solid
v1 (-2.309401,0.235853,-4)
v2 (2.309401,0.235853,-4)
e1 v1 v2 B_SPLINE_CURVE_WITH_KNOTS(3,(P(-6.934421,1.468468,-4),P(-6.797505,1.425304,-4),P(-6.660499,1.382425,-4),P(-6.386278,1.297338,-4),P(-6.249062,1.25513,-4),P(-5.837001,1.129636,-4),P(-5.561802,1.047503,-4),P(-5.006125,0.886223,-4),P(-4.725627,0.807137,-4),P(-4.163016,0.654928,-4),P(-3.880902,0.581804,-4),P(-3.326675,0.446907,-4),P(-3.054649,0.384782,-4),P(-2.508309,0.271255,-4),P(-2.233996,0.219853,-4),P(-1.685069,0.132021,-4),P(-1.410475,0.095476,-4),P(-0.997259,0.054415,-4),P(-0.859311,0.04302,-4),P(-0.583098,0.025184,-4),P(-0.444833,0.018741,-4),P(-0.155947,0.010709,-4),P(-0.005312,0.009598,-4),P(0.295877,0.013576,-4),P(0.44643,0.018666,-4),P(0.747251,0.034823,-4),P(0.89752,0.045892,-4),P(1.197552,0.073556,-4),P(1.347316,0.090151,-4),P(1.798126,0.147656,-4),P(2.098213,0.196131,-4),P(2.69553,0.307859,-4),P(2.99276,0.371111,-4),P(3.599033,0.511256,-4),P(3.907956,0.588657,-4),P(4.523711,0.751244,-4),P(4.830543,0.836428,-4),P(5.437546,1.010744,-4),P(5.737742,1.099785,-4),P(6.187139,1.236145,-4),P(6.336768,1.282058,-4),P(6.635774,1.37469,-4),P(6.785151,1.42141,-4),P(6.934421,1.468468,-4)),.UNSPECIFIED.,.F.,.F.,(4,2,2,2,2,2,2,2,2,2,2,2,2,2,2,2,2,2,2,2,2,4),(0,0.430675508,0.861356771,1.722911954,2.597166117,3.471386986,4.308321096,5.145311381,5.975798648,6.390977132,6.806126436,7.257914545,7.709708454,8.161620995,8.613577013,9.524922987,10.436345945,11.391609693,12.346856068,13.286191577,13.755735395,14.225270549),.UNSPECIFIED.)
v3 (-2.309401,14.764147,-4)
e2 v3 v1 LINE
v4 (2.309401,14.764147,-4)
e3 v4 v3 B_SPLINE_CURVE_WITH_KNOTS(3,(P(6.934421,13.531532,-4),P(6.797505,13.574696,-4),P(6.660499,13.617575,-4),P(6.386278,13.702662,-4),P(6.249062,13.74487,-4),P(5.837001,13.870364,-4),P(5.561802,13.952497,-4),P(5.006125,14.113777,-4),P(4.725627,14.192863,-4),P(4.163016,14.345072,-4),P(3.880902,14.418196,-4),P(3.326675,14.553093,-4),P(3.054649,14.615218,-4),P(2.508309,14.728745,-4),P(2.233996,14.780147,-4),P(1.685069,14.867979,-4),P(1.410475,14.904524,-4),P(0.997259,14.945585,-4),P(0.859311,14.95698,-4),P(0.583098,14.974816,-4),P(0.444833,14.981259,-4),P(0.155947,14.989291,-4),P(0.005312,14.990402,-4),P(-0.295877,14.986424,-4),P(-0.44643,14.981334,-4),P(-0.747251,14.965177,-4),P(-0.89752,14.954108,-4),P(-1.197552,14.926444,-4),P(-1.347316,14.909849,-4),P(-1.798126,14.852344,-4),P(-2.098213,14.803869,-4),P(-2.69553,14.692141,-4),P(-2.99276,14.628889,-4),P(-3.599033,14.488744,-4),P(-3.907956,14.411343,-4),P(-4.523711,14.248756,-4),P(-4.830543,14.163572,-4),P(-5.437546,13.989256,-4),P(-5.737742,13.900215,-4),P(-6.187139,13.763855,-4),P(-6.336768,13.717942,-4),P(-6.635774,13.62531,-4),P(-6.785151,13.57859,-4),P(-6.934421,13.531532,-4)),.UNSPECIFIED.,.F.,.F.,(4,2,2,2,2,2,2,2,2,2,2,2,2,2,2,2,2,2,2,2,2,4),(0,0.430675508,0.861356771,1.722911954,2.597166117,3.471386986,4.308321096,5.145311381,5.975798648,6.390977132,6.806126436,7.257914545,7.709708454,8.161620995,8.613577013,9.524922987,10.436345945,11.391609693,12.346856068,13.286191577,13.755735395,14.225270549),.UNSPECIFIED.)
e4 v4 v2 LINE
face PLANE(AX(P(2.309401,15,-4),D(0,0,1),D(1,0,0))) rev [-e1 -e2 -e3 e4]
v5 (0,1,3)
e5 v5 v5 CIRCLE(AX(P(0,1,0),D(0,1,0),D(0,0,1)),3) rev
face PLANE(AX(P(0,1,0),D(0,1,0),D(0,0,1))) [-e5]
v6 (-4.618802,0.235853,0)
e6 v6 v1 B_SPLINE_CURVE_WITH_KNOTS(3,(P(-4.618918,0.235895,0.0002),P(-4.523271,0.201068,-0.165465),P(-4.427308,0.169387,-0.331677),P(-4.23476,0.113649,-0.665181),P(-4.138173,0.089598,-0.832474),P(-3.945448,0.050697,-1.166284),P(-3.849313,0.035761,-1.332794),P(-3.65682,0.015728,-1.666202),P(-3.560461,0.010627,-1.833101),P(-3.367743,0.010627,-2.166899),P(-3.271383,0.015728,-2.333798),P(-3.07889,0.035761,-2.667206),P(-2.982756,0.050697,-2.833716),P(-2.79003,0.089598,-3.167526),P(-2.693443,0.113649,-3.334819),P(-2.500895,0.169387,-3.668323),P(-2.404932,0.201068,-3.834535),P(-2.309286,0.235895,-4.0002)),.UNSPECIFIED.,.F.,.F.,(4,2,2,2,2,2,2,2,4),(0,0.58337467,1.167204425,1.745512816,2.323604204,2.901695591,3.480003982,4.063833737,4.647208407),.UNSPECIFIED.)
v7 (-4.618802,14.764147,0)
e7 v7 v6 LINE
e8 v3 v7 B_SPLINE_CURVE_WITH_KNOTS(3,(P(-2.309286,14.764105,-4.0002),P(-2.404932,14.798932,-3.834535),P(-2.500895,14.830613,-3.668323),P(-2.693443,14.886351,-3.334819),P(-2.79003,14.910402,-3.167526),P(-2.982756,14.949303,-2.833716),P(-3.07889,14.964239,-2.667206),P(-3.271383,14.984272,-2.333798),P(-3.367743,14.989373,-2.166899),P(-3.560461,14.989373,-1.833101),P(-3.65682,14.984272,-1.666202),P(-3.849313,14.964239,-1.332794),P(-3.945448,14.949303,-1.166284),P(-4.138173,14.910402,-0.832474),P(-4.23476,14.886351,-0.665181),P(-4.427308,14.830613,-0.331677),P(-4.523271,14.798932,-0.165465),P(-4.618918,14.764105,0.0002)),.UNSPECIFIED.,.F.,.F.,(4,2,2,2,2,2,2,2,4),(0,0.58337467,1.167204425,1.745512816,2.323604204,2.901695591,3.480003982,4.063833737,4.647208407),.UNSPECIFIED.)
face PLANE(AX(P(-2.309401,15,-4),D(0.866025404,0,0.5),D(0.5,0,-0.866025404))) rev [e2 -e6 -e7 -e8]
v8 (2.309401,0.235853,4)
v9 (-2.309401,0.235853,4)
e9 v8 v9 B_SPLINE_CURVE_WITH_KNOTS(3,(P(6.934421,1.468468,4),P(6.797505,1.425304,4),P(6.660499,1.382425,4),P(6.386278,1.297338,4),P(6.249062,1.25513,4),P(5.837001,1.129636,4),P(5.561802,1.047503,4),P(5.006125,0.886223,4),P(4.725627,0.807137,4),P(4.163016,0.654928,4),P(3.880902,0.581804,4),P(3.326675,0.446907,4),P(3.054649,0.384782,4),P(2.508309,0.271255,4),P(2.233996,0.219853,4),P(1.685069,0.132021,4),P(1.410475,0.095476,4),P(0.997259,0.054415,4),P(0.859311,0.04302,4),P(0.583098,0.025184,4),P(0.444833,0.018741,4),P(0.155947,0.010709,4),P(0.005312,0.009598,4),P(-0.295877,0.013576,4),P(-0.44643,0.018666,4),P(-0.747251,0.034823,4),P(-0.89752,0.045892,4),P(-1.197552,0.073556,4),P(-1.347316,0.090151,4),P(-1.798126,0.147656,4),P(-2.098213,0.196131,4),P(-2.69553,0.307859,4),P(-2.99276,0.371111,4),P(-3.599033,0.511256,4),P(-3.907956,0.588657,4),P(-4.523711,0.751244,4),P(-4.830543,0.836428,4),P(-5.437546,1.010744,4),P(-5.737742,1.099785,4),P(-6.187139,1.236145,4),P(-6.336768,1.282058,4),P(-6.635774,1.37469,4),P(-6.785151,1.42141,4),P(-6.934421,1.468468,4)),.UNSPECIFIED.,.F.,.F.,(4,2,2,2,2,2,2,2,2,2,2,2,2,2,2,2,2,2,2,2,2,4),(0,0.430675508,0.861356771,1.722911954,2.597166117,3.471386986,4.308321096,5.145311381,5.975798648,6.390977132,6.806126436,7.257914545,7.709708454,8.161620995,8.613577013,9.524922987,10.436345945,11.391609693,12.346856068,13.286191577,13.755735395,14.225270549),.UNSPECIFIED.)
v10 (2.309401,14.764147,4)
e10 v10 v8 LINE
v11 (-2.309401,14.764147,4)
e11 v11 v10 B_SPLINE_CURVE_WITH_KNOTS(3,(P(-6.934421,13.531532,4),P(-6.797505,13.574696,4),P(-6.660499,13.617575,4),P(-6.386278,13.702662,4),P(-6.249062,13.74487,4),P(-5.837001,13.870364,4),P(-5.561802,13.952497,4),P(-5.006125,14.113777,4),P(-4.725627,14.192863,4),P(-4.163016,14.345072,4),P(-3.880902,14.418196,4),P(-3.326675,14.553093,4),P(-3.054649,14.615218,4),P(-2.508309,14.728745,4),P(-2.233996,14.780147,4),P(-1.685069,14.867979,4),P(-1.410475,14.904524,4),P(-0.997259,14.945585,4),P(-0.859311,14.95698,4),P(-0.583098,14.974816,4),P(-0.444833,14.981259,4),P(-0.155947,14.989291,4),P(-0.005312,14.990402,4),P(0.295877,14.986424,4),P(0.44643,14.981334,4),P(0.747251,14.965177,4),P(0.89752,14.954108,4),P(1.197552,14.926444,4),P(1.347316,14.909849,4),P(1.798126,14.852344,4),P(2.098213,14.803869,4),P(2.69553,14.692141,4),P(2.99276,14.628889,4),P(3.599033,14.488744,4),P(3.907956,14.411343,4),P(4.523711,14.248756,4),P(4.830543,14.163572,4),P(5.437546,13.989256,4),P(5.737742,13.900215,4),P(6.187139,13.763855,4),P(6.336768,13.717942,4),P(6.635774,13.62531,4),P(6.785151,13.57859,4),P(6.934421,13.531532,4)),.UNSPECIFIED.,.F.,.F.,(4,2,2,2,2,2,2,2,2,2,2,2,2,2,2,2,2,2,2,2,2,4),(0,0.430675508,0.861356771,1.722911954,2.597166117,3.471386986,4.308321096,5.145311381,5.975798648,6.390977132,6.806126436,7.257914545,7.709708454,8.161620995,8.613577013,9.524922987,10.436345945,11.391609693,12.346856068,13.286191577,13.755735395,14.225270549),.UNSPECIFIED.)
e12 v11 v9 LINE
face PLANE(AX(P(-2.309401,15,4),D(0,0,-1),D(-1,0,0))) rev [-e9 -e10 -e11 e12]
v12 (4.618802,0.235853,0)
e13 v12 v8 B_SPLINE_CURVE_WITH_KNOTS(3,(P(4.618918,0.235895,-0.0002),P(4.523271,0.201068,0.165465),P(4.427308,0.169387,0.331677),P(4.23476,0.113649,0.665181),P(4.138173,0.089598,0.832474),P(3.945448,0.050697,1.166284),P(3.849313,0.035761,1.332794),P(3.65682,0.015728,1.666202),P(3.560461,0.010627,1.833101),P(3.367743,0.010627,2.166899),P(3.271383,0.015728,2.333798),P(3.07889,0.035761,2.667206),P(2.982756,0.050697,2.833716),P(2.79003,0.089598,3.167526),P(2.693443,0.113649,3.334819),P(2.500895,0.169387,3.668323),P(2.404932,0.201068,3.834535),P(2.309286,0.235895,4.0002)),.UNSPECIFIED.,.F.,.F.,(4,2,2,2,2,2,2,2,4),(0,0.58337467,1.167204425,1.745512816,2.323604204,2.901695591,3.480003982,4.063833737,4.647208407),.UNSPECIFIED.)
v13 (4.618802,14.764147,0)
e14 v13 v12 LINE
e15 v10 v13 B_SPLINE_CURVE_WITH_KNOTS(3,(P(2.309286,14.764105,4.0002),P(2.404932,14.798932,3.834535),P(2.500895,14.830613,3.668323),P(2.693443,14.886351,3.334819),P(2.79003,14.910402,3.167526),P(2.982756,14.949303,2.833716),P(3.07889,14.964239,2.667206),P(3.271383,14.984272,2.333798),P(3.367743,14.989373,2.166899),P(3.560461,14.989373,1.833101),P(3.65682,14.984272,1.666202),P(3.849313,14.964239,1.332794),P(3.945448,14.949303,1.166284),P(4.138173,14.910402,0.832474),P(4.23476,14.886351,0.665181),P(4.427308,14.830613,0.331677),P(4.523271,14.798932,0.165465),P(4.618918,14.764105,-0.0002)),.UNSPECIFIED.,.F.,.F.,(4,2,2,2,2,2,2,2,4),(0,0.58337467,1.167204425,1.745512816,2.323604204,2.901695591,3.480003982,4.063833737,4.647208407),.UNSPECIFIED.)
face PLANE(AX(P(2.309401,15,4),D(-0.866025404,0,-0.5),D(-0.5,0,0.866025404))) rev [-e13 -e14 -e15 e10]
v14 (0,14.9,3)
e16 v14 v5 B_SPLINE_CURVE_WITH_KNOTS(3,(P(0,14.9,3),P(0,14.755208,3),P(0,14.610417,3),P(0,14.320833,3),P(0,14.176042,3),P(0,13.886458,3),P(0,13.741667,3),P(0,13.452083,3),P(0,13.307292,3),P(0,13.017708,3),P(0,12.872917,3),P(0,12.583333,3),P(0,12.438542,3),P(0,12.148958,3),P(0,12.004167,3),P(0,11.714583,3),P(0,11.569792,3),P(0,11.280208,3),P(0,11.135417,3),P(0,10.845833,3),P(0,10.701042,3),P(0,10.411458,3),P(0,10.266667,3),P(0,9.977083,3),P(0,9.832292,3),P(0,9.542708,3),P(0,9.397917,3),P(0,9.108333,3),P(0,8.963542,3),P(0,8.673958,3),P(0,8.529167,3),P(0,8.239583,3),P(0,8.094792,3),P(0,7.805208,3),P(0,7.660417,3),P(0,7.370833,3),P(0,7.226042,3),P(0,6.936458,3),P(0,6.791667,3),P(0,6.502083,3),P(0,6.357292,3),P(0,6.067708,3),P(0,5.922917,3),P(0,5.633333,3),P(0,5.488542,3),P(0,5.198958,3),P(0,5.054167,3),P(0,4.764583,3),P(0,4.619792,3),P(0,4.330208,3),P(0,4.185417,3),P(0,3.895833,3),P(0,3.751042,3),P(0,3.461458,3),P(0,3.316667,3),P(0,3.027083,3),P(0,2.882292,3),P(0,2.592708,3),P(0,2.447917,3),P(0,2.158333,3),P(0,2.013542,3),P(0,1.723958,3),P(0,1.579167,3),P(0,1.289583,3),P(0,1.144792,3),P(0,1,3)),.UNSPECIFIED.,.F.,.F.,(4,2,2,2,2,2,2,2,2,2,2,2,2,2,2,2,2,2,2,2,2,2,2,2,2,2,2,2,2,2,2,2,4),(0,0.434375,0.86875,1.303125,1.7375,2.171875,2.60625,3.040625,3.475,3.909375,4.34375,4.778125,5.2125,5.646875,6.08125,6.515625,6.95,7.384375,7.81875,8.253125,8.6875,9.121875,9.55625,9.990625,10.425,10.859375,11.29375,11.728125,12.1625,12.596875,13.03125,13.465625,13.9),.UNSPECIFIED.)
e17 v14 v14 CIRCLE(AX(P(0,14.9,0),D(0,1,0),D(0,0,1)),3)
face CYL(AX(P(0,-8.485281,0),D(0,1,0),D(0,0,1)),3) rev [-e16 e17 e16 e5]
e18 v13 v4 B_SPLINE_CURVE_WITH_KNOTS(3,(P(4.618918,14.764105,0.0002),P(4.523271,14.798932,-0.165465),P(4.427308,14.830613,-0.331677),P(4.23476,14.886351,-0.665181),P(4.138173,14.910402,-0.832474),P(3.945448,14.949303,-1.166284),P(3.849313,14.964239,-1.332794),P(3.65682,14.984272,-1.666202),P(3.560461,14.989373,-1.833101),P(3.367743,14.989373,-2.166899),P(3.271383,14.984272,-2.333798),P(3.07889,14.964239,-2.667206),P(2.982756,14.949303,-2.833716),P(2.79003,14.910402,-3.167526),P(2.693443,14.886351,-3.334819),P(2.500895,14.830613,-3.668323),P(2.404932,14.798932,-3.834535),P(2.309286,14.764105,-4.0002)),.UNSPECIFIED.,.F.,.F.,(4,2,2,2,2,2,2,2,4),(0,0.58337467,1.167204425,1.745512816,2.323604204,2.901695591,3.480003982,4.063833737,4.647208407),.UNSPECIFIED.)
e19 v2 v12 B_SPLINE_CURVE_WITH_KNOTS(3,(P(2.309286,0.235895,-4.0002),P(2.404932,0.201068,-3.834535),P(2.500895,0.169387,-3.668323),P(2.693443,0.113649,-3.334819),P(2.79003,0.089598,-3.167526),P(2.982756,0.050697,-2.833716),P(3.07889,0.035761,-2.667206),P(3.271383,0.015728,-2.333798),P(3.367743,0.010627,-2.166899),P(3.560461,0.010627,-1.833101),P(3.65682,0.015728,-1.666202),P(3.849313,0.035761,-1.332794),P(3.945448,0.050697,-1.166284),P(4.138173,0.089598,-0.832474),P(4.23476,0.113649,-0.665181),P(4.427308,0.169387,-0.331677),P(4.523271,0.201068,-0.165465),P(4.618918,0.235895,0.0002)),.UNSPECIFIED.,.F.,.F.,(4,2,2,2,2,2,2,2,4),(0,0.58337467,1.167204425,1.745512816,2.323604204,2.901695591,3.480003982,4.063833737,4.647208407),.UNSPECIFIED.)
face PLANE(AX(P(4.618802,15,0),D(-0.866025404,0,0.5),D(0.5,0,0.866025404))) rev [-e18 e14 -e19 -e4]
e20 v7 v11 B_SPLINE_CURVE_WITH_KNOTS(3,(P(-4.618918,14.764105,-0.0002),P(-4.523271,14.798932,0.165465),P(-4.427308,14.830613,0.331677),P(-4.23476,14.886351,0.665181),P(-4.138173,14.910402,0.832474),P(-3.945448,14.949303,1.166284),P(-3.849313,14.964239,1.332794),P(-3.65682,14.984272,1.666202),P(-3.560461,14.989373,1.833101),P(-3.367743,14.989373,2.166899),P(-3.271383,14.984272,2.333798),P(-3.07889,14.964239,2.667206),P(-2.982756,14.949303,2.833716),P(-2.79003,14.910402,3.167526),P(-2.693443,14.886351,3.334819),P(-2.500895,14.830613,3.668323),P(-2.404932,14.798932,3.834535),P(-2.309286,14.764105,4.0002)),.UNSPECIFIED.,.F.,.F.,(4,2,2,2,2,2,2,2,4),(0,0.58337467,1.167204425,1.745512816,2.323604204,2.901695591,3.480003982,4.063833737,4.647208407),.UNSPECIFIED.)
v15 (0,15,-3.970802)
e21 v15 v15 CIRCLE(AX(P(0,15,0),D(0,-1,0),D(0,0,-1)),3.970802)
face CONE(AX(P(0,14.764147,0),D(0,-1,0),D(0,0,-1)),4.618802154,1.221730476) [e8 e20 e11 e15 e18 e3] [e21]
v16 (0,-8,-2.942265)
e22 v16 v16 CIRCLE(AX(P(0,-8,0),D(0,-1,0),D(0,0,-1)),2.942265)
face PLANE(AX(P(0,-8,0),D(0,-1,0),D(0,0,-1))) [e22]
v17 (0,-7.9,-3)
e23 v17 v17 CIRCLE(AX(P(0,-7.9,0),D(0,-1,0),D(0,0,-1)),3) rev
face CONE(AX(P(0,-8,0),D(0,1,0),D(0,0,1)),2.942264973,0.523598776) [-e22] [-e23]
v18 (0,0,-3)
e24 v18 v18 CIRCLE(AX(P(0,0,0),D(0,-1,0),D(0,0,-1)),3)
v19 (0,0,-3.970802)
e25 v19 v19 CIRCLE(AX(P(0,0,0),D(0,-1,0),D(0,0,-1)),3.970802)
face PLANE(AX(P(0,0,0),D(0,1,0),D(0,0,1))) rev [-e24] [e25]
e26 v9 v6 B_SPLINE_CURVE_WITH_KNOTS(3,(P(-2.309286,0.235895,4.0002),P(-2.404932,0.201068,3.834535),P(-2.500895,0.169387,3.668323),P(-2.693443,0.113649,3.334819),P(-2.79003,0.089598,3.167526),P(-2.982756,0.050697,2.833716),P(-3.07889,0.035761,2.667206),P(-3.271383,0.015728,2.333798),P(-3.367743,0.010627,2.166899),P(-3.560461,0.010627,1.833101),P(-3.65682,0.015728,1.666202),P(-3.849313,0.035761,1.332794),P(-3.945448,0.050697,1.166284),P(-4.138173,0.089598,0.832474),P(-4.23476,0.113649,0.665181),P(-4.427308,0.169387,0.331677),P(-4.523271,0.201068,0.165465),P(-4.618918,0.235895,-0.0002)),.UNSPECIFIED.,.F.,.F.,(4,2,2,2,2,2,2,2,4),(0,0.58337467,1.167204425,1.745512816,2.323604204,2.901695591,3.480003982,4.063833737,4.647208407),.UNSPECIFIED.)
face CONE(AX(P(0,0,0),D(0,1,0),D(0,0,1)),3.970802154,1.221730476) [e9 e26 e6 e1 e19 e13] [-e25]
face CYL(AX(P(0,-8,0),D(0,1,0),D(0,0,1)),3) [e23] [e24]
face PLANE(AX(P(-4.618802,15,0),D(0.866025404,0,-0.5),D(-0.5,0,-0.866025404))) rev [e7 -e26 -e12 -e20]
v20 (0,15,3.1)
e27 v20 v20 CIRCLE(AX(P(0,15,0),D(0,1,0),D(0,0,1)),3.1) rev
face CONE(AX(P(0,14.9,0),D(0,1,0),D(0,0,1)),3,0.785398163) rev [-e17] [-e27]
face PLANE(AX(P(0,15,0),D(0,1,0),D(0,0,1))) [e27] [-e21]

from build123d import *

# Parameters (mm, degrees)
EXTRUDE_1_DEPTH     = 15
SKETCH_2_R          = 3
EXTRUDE_2_DEPTH     = 8
SKETCH_3_R          = 3
CUT_EXTRUDE_1_DEPTH = 14
CHAMFER_1_SIZE      = 0.1
CHAMFER_1_SIZE2     = 0.057735027
CHAMFER_2_SIZE      = 0.1


with BuildPart() as part:
    # 草图1 → 凸台-拉伸1 (new body)
    with BuildSketch(Plane(origin=(0, 0, 0), x_dir=(1, 0, 0), z_dir=(0, 1, 0))):
        Polygon((2.309401077, 4), (-2.309401077, 4), (-4.618802154, 0), (-2.309401077, -4), (2.309401077, -4), (4.618802154, 0), align=None)
    extrude(amount=EXTRUDE_1_DEPTH)

    # 草图2 → 凸台-拉伸2 (add)
    with BuildSketch(Plane.XZ):
        with Locations(Location((0, 0, 0), (0, 0, 270))):
            Circle(SKETCH_2_R)
    extrude(amount=EXTRUDE_2_DEPTH)

    # 草图3 → 切除-拉伸1 (cut)
    with BuildSketch(Plane(origin=(0, 15, 0), x_dir=(1, 0, 0), z_dir=(0, 1, 0))):
        with Locations(Location((0, 0, 0), (0, 0, 90))):
            Circle(SKETCH_3_R)
    extrude(amount=-CUT_EXTRUDE_1_DEPTH, mode=Mode.SUBTRACT)

    # 草图4 → 切除-旋转1 (revolve, cut)
    with BuildSketch(Plane.XY, mode=Mode.PRIVATE) as cut_revolve_1_sk:
        Polygon((-4.618802154, 0.235852712), (-4.618802154, 0), (-3.970802154, 0), align=None)
        Polygon((-4.618802154, 15), (-4.618802154, 14.764147288), (-3.970802154, 15), align=None)
    revolve(cut_revolve_1_sk.sketch.rotate(Axis((0, -9.15, 0), (0, 1, 0)), 60.000004036), axis=Axis((0, -9.15, 0), (0, 1, 0)), mode=Mode.SUBTRACT)

    # 倒角1
    chamfer_1_edges = [part.edges().sort_by_distance(p)[0] for p in [
        (0, -8, 3),
    ]]
    chamfer_1_side = [part.faces().sort_by_distance(p)[0] for p in [
        (0, -4, 3),
    ]]
    chamfer(chamfer_1_edges, length=CHAMFER_1_SIZE, length2=CHAMFER_1_SIZE2, reference=chamfer_1_side[0])

    # 倒角2
    chamfer_2_edges = [part.edges().sort_by_distance(p)[0] for p in [
        (0, 15, 3),
    ]]
    chamfer(chamfer_2_edges, length=CHAMFER_2_SIZE)


solid = part.part
